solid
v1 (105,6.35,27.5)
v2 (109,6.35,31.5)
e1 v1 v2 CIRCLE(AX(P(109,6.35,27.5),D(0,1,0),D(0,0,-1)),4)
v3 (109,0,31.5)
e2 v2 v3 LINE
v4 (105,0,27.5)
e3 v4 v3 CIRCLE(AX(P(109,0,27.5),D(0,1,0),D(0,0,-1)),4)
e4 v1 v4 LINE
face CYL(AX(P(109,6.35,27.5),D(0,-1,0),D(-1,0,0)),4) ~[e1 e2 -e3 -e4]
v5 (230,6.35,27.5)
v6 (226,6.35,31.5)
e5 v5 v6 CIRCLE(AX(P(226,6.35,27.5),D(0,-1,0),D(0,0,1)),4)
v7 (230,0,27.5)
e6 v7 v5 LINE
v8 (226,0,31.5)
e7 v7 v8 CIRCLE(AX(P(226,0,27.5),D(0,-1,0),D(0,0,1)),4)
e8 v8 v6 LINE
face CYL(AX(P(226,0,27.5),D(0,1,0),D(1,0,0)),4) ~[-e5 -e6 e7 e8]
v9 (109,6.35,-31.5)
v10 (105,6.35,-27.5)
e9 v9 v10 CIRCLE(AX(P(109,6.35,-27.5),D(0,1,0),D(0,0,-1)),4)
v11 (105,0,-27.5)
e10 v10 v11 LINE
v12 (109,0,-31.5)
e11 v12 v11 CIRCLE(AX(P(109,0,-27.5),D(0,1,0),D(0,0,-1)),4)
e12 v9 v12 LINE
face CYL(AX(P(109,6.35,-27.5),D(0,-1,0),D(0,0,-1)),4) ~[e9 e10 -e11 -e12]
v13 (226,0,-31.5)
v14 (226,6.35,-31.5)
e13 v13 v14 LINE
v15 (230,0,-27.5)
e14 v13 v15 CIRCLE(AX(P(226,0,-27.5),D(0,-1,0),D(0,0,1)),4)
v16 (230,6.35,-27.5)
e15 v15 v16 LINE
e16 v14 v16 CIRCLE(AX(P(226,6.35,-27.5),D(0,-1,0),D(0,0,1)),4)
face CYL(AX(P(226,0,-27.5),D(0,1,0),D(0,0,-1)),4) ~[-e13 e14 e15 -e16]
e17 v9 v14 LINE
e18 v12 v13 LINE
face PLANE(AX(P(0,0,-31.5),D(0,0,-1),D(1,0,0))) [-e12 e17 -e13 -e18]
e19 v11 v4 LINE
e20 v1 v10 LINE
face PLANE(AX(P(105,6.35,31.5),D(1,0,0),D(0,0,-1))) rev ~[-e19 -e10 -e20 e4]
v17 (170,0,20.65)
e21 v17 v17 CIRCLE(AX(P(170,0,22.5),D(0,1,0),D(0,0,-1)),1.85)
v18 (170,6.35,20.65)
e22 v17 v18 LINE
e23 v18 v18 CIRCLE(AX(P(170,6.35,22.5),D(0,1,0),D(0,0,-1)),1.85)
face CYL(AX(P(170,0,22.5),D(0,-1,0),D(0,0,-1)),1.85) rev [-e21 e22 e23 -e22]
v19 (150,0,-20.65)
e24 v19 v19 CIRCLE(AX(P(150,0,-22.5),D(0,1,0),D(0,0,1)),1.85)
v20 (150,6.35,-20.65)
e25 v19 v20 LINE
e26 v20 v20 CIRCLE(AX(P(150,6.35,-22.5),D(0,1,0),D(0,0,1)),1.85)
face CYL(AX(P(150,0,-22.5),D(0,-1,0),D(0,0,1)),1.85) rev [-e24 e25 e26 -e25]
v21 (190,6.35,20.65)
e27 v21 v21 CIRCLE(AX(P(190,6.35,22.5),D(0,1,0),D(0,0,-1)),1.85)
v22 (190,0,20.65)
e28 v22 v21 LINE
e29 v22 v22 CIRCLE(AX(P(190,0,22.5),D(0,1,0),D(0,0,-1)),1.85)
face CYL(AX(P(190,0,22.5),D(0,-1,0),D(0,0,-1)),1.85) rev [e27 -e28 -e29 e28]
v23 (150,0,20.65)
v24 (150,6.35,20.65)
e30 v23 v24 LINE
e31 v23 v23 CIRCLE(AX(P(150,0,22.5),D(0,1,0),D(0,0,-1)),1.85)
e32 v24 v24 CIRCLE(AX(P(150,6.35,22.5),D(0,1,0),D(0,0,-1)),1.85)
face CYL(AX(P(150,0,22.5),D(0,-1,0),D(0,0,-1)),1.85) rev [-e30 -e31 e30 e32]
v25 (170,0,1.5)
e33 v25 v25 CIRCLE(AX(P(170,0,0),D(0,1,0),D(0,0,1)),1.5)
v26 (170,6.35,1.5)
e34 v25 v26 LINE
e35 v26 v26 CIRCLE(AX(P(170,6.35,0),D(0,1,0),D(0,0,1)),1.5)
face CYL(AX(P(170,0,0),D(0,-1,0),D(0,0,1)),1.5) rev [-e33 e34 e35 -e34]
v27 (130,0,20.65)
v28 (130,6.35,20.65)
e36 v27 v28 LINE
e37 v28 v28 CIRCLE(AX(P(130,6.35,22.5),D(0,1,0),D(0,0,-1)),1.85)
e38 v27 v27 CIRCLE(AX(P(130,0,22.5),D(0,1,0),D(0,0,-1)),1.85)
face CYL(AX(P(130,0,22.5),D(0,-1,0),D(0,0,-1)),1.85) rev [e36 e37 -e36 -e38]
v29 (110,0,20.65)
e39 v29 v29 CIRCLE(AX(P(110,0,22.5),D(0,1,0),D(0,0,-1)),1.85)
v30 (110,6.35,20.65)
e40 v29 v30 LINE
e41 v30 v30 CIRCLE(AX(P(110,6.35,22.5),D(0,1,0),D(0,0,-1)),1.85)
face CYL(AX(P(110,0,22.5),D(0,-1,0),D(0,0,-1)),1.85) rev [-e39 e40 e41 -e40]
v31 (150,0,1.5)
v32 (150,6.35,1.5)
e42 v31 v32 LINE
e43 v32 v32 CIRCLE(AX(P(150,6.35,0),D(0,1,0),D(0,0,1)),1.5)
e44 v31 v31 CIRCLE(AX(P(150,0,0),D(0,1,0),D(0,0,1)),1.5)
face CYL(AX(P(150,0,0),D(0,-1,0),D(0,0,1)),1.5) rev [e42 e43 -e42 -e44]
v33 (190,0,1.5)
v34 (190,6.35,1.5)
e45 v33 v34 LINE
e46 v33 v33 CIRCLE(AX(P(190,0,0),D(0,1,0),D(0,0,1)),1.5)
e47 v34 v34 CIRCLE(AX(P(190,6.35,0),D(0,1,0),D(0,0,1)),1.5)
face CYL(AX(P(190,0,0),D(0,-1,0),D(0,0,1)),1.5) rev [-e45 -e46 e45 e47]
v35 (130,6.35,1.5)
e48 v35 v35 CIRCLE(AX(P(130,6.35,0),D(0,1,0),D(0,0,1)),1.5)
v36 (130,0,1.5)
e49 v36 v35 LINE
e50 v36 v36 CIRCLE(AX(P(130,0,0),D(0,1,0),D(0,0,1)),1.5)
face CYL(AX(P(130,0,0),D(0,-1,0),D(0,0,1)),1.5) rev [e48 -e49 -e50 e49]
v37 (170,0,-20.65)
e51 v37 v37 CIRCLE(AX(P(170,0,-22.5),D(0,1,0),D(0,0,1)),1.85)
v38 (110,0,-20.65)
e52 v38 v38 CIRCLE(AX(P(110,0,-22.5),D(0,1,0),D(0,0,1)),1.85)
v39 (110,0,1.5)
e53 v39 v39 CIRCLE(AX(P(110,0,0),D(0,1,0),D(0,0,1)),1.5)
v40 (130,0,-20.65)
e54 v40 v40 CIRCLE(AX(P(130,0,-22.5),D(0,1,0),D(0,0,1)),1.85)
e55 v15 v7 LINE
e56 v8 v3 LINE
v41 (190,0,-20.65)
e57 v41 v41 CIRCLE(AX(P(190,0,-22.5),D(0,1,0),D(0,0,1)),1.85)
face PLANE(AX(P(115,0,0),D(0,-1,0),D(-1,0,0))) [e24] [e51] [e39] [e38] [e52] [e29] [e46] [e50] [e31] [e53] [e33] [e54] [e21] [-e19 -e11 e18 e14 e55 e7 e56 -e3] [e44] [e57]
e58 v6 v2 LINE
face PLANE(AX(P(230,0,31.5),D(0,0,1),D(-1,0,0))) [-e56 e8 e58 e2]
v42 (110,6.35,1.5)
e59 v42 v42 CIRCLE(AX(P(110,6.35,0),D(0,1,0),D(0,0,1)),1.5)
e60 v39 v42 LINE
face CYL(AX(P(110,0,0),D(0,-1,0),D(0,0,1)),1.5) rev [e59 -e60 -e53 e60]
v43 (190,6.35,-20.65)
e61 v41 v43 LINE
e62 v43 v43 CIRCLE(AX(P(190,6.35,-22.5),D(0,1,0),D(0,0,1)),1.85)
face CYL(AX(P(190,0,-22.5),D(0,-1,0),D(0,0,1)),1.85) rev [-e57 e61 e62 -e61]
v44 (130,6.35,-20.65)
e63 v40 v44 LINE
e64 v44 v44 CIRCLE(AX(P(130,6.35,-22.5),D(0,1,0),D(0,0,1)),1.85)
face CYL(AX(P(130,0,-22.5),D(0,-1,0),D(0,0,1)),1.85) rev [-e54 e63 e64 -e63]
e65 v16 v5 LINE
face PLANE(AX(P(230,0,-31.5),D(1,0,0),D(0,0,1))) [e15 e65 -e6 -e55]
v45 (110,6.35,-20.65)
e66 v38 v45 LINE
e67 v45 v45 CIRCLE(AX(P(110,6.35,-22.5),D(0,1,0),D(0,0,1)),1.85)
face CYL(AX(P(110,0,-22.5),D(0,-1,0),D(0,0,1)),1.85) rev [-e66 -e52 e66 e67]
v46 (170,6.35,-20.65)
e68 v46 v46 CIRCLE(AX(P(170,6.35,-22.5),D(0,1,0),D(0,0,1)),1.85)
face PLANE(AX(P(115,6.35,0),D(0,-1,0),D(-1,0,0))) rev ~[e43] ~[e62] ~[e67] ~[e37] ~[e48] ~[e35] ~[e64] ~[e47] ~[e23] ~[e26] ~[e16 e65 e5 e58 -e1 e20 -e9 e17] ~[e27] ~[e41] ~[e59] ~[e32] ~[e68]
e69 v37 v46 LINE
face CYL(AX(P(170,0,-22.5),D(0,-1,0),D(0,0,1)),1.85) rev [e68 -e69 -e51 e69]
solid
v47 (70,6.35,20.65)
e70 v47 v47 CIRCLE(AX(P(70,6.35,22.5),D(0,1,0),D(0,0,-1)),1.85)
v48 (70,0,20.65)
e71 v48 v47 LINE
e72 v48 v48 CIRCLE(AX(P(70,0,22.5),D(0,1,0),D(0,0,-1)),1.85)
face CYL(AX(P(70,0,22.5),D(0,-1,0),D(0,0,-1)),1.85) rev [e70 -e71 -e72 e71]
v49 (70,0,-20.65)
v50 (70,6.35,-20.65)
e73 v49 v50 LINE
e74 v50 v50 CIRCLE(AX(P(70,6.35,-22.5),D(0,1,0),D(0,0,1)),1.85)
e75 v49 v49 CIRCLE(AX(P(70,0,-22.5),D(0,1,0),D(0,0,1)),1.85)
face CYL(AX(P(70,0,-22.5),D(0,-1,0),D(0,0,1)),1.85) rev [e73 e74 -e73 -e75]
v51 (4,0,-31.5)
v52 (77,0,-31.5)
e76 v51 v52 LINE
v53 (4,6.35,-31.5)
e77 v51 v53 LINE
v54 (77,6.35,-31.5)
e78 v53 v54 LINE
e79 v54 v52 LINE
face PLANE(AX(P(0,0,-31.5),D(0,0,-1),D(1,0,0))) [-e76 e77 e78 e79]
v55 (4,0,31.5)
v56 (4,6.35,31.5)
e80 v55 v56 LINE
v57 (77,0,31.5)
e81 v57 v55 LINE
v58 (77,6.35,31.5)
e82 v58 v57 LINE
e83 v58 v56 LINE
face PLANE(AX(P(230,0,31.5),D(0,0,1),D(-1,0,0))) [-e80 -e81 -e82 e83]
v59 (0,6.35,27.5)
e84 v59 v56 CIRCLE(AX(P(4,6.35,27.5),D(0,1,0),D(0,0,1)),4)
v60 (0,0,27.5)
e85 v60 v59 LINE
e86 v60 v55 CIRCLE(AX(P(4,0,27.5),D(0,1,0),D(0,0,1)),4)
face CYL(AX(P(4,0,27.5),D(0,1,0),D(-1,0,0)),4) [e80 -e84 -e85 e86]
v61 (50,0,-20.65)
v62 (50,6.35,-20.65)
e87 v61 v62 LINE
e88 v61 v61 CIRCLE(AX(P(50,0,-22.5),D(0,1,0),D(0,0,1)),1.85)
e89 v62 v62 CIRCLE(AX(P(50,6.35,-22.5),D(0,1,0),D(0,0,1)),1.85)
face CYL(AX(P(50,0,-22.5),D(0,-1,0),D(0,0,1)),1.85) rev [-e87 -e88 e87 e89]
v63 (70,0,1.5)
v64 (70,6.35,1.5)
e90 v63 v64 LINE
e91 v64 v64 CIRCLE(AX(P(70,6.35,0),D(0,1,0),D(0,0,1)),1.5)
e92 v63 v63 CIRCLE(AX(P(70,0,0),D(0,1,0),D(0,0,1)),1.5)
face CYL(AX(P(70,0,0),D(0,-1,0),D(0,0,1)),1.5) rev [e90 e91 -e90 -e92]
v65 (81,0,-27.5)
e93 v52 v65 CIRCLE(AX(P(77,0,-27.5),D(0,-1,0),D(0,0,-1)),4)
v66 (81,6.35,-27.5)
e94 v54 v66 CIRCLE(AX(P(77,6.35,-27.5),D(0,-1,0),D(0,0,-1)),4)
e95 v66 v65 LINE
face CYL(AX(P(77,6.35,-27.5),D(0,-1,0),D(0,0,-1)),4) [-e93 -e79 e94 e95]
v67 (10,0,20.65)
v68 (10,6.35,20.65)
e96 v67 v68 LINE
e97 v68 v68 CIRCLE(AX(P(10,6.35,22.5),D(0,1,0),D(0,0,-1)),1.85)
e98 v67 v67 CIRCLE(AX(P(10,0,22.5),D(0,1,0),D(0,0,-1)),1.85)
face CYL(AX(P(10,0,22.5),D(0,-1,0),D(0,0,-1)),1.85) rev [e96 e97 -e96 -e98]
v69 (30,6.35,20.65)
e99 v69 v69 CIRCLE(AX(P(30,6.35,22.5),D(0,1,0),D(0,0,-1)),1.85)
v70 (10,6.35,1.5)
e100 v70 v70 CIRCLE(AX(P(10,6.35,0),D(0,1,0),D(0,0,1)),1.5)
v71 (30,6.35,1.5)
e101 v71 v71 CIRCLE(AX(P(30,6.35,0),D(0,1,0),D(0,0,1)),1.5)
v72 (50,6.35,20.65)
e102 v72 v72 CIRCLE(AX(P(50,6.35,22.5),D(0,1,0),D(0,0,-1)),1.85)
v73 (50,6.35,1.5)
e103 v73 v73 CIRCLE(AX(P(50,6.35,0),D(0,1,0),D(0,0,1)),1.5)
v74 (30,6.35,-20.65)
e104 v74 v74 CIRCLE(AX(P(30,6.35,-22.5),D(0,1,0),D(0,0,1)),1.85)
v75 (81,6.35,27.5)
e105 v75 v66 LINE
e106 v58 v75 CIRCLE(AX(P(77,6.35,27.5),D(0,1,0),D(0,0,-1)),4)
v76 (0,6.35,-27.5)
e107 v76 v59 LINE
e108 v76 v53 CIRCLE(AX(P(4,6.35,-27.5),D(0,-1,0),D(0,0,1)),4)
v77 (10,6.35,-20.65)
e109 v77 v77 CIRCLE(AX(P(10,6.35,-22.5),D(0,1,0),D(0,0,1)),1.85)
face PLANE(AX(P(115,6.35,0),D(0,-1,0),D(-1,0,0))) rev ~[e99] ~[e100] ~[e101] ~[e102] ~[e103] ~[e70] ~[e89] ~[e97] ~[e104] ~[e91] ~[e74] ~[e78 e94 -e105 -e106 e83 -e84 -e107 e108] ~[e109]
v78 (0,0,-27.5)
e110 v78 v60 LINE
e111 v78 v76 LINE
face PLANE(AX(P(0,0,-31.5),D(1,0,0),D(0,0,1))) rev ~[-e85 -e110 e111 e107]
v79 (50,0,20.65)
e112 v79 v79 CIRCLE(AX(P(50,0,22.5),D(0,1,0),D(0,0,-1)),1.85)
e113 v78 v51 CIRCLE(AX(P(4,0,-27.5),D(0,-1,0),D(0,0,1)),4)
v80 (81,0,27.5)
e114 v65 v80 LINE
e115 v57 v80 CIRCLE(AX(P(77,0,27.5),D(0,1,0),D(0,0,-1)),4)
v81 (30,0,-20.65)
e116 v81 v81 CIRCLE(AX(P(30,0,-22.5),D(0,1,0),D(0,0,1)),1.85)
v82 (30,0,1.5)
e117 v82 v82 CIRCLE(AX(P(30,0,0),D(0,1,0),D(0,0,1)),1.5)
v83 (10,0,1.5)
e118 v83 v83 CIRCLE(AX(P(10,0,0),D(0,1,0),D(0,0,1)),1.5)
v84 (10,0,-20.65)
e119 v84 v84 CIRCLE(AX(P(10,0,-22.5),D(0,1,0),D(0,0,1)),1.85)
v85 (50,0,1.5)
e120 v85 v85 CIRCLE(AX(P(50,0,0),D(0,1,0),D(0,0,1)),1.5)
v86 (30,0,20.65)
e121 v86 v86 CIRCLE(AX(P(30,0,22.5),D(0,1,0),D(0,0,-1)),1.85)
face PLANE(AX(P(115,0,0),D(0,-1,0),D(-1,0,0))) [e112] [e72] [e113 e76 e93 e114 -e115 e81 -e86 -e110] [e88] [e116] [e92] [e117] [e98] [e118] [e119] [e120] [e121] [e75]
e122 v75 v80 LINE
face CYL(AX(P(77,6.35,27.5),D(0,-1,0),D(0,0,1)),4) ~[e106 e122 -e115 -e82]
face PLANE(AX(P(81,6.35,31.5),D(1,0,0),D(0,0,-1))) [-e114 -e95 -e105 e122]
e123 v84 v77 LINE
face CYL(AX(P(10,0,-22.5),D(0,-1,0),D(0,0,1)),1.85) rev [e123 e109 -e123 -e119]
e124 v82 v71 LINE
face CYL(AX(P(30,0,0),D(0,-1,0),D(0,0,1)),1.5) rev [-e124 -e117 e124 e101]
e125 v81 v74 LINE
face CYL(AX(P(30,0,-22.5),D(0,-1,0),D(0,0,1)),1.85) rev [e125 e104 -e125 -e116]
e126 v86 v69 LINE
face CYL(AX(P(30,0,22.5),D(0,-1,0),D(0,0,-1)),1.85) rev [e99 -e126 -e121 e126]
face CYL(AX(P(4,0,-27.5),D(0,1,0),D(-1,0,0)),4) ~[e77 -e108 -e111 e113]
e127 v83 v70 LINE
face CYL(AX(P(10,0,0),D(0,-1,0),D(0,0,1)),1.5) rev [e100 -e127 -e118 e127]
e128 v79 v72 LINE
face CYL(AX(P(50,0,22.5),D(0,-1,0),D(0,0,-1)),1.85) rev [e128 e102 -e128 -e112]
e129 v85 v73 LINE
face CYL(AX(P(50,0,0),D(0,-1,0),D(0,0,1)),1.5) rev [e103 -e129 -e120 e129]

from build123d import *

# Parameters (mm, degrees)
SKETCH1_R           = 1.85
SKETCH1_R_2         = 1.5
BOSS_EXTRUDE1_DEPTH = 6.35
SKETCH3_W           = 24
SKETCH3_H           = 63
CUT_EXTRUDE1_DEPTH  = 233.233874575
FILLET1_R           = 4
FILLET2_R           = 4


with BuildPart() as part:
    # Sketch1 → Boss-Extrude1 (new body)
    with BuildSketch(Plane(origin=(0, 0, 0), x_dir=(1, 0, 0), z_dir=(0, 1, 0))):
        Polygon((0, 0), (0, 31.5), (230, 31.5), (230, -31.5), (0, -31.5), align=None)
        with Locations(Location((10, 22.5, 0), (0, 0, 270))):
            Circle(SKETCH1_R, mode=Mode.SUBTRACT)
        with Locations(Location((30, 22.5, 0), (0, 0, 270))):
            Circle(SKETCH1_R, mode=Mode.SUBTRACT)
        with Locations(Location((50, 22.5, 0), (0, 0, 270))):
            Circle(SKETCH1_R, mode=Mode.SUBTRACT)
        with Locations(Location((70, 22.5, 0), (0, 0, 270))):
            Circle(SKETCH1_R, mode=Mode.SUBTRACT)
        with Locations(Location((90, 22.5, 0), (0, 0, 270))):
            Circle(SKETCH1_R, mode=Mode.SUBTRACT)
        with Locations(Location((110, 22.5, 0), (0, 0, 270))):
            Circle(SKETCH1_R, mode=Mode.SUBTRACT)
        with Locations(Location((130, 22.5, 0), (0, 0, 270))):
            Circle(SKETCH1_R, mode=Mode.SUBTRACT)
        with Locations(Location((150, 22.5, 0), (0, 0, 270))):
            Circle(SKETCH1_R, mode=Mode.SUBTRACT)
        with Locations(Location((170, 22.5, 0), (0, 0, 270))):
            Circle(SKETCH1_R, mode=Mode.SUBTRACT)
        with Locations(Location((10, 0, 0), (0, 0, 270))):
            Circle(SKETCH1_R_2, mode=Mode.SUBTRACT)
        with Locations(Location((30, 0, 0), (0, 0, 270))):
            Circle(SKETCH1_R_2, mode=Mode.SUBTRACT)
        with Locations(Location((50, 0, 0), (0, 0, 270))):
            Circle(SKETCH1_R_2, mode=Mode.SUBTRACT)
        with Locations(Location((70, 0, 0), (0, 0, 270))):
            Circle(SKETCH1_R_2, mode=Mode.SUBTRACT)
        with Locations(Location((90, 0, 0), (0, 0, 270))):
            Circle(SKETCH1_R_2, mode=Mode.SUBTRACT)
        with Locations(Location((110, 0, 0), (0, 0, 270))):
            Circle(SKETCH1_R_2, mode=Mode.SUBTRACT)
        with Locations(Location((170, -22.5, 0), (0, 0, 90))):
            Circle(SKETCH1_R, mode=Mode.SUBTRACT)
        with Locations(Location((150, -22.5, 0), (0, 0, 90))):
            Circle(SKETCH1_R, mode=Mode.SUBTRACT)
        with Locations(Location((130, -22.5, 0), (0, 0, 90))):
            Circle(SKETCH1_R, mode=Mode.SUBTRACT)
        with Locations(Location((110, -22.5, 0), (0, 0, 90))):
            Circle(SKETCH1_R, mode=Mode.SUBTRACT)
        with Locations(Location((90, -22.5, 0), (0, 0, 90))):
            Circle(SKETCH1_R, mode=Mode.SUBTRACT)
        with Locations(Location((70, -22.5, 0), (0, 0, 90))):
            Circle(SKETCH1_R, mode=Mode.SUBTRACT)
        with Locations(Location((50, -22.5, 0), (0, 0, 90))):
            Circle(SKETCH1_R, mode=Mode.SUBTRACT)
        with Locations(Location((30, -22.5, 0), (0, 0, 90))):
            Circle(SKETCH1_R, mode=Mode.SUBTRACT)
        with Locations(Location((10, -22.5, 0), (0, 0, 90))):
            Circle(SKETCH1_R, mode=Mode.SUBTRACT)
        with Locations(Location((130, 0, 0), (0, 0, 270))):
            Circle(SKETCH1_R_2, mode=Mode.SUBTRACT)
        with Locations(Location((150, 0, 0), (0, 0, 270))):
            Circle(SKETCH1_R_2, mode=Mode.SUBTRACT)
        with Locations(Location((170, 0, 0), (0, 0, 270))):
            Circle(SKETCH1_R_2, mode=Mode.SUBTRACT)
        with Locations(Location((190, 22.5, 0), (0, 0, 270))):
            Circle(SKETCH1_R, mode=Mode.SUBTRACT)
        with Locations(Location((190, -22.5, 0), (0, 0, 90))):
            Circle(SKETCH1_R, mode=Mode.SUBTRACT)
        with Locations(Location((190, 0, 0), (0, 0, 270))):
            Circle(SKETCH1_R_2, mode=Mode.SUBTRACT)
    extrude(amount=BOSS_EXTRUDE1_DEPTH)

    # Sketch3 → Cut-Extrude1 (cut, through all)
    with BuildSketch(Plane(origin=(0, 6.35, 0), x_dir=(1, 0, 0), z_dir=(0, 1, 0))):
        with Locations((93, 0)):
            Rectangle(SKETCH3_W, SKETCH3_H)
    extrude(amount=-CUT_EXTRUDE1_DEPTH, mode=Mode.SUBTRACT)


with BuildPart() as cut_extrude1_piece_1:
    # of the separate pieces the step leaves, piece 1, a body of its own (cut_extrude1_pieces)
    add(part.part.solids().sort_by_distance((105, 0, -31.5))[0])

    # Fillet2
    fillet2_edges = [cut_extrude1_piece_1.edges().sort_by_distance(p)[0] for p in [
        (105, 3.175, -31.5),
        (230, 3.175, -31.5),
        (230, 3.175, 31.5),
        (105, 3.175, 31.5),
    ]]
    fillet(fillet2_edges, radius=FILLET2_R)


with BuildPart() as cut_extrude1_piece_2:
    # of the separate pieces the step leaves, piece 2, a body of its own (cut_extrude1_pieces)
    add(part.part.solids().sort_by_distance((0, 0, -31.5))[0])

    # Fillet1
    fillet1_edges = [cut_extrude1_piece_2.edges().sort_by_distance(p)[0] for p in [
        (81, 3.175, 31.5),
        (81, 3.175, -31.5),
        (0, 3.175, -31.5),
        (0, 3.175, 31.5),
    ]]
    fillet(fillet1_edges, radius=FILLET1_R)


solid = Compound([cut_extrude1_piece_1.part, cut_extrude1_piece_2.part])
